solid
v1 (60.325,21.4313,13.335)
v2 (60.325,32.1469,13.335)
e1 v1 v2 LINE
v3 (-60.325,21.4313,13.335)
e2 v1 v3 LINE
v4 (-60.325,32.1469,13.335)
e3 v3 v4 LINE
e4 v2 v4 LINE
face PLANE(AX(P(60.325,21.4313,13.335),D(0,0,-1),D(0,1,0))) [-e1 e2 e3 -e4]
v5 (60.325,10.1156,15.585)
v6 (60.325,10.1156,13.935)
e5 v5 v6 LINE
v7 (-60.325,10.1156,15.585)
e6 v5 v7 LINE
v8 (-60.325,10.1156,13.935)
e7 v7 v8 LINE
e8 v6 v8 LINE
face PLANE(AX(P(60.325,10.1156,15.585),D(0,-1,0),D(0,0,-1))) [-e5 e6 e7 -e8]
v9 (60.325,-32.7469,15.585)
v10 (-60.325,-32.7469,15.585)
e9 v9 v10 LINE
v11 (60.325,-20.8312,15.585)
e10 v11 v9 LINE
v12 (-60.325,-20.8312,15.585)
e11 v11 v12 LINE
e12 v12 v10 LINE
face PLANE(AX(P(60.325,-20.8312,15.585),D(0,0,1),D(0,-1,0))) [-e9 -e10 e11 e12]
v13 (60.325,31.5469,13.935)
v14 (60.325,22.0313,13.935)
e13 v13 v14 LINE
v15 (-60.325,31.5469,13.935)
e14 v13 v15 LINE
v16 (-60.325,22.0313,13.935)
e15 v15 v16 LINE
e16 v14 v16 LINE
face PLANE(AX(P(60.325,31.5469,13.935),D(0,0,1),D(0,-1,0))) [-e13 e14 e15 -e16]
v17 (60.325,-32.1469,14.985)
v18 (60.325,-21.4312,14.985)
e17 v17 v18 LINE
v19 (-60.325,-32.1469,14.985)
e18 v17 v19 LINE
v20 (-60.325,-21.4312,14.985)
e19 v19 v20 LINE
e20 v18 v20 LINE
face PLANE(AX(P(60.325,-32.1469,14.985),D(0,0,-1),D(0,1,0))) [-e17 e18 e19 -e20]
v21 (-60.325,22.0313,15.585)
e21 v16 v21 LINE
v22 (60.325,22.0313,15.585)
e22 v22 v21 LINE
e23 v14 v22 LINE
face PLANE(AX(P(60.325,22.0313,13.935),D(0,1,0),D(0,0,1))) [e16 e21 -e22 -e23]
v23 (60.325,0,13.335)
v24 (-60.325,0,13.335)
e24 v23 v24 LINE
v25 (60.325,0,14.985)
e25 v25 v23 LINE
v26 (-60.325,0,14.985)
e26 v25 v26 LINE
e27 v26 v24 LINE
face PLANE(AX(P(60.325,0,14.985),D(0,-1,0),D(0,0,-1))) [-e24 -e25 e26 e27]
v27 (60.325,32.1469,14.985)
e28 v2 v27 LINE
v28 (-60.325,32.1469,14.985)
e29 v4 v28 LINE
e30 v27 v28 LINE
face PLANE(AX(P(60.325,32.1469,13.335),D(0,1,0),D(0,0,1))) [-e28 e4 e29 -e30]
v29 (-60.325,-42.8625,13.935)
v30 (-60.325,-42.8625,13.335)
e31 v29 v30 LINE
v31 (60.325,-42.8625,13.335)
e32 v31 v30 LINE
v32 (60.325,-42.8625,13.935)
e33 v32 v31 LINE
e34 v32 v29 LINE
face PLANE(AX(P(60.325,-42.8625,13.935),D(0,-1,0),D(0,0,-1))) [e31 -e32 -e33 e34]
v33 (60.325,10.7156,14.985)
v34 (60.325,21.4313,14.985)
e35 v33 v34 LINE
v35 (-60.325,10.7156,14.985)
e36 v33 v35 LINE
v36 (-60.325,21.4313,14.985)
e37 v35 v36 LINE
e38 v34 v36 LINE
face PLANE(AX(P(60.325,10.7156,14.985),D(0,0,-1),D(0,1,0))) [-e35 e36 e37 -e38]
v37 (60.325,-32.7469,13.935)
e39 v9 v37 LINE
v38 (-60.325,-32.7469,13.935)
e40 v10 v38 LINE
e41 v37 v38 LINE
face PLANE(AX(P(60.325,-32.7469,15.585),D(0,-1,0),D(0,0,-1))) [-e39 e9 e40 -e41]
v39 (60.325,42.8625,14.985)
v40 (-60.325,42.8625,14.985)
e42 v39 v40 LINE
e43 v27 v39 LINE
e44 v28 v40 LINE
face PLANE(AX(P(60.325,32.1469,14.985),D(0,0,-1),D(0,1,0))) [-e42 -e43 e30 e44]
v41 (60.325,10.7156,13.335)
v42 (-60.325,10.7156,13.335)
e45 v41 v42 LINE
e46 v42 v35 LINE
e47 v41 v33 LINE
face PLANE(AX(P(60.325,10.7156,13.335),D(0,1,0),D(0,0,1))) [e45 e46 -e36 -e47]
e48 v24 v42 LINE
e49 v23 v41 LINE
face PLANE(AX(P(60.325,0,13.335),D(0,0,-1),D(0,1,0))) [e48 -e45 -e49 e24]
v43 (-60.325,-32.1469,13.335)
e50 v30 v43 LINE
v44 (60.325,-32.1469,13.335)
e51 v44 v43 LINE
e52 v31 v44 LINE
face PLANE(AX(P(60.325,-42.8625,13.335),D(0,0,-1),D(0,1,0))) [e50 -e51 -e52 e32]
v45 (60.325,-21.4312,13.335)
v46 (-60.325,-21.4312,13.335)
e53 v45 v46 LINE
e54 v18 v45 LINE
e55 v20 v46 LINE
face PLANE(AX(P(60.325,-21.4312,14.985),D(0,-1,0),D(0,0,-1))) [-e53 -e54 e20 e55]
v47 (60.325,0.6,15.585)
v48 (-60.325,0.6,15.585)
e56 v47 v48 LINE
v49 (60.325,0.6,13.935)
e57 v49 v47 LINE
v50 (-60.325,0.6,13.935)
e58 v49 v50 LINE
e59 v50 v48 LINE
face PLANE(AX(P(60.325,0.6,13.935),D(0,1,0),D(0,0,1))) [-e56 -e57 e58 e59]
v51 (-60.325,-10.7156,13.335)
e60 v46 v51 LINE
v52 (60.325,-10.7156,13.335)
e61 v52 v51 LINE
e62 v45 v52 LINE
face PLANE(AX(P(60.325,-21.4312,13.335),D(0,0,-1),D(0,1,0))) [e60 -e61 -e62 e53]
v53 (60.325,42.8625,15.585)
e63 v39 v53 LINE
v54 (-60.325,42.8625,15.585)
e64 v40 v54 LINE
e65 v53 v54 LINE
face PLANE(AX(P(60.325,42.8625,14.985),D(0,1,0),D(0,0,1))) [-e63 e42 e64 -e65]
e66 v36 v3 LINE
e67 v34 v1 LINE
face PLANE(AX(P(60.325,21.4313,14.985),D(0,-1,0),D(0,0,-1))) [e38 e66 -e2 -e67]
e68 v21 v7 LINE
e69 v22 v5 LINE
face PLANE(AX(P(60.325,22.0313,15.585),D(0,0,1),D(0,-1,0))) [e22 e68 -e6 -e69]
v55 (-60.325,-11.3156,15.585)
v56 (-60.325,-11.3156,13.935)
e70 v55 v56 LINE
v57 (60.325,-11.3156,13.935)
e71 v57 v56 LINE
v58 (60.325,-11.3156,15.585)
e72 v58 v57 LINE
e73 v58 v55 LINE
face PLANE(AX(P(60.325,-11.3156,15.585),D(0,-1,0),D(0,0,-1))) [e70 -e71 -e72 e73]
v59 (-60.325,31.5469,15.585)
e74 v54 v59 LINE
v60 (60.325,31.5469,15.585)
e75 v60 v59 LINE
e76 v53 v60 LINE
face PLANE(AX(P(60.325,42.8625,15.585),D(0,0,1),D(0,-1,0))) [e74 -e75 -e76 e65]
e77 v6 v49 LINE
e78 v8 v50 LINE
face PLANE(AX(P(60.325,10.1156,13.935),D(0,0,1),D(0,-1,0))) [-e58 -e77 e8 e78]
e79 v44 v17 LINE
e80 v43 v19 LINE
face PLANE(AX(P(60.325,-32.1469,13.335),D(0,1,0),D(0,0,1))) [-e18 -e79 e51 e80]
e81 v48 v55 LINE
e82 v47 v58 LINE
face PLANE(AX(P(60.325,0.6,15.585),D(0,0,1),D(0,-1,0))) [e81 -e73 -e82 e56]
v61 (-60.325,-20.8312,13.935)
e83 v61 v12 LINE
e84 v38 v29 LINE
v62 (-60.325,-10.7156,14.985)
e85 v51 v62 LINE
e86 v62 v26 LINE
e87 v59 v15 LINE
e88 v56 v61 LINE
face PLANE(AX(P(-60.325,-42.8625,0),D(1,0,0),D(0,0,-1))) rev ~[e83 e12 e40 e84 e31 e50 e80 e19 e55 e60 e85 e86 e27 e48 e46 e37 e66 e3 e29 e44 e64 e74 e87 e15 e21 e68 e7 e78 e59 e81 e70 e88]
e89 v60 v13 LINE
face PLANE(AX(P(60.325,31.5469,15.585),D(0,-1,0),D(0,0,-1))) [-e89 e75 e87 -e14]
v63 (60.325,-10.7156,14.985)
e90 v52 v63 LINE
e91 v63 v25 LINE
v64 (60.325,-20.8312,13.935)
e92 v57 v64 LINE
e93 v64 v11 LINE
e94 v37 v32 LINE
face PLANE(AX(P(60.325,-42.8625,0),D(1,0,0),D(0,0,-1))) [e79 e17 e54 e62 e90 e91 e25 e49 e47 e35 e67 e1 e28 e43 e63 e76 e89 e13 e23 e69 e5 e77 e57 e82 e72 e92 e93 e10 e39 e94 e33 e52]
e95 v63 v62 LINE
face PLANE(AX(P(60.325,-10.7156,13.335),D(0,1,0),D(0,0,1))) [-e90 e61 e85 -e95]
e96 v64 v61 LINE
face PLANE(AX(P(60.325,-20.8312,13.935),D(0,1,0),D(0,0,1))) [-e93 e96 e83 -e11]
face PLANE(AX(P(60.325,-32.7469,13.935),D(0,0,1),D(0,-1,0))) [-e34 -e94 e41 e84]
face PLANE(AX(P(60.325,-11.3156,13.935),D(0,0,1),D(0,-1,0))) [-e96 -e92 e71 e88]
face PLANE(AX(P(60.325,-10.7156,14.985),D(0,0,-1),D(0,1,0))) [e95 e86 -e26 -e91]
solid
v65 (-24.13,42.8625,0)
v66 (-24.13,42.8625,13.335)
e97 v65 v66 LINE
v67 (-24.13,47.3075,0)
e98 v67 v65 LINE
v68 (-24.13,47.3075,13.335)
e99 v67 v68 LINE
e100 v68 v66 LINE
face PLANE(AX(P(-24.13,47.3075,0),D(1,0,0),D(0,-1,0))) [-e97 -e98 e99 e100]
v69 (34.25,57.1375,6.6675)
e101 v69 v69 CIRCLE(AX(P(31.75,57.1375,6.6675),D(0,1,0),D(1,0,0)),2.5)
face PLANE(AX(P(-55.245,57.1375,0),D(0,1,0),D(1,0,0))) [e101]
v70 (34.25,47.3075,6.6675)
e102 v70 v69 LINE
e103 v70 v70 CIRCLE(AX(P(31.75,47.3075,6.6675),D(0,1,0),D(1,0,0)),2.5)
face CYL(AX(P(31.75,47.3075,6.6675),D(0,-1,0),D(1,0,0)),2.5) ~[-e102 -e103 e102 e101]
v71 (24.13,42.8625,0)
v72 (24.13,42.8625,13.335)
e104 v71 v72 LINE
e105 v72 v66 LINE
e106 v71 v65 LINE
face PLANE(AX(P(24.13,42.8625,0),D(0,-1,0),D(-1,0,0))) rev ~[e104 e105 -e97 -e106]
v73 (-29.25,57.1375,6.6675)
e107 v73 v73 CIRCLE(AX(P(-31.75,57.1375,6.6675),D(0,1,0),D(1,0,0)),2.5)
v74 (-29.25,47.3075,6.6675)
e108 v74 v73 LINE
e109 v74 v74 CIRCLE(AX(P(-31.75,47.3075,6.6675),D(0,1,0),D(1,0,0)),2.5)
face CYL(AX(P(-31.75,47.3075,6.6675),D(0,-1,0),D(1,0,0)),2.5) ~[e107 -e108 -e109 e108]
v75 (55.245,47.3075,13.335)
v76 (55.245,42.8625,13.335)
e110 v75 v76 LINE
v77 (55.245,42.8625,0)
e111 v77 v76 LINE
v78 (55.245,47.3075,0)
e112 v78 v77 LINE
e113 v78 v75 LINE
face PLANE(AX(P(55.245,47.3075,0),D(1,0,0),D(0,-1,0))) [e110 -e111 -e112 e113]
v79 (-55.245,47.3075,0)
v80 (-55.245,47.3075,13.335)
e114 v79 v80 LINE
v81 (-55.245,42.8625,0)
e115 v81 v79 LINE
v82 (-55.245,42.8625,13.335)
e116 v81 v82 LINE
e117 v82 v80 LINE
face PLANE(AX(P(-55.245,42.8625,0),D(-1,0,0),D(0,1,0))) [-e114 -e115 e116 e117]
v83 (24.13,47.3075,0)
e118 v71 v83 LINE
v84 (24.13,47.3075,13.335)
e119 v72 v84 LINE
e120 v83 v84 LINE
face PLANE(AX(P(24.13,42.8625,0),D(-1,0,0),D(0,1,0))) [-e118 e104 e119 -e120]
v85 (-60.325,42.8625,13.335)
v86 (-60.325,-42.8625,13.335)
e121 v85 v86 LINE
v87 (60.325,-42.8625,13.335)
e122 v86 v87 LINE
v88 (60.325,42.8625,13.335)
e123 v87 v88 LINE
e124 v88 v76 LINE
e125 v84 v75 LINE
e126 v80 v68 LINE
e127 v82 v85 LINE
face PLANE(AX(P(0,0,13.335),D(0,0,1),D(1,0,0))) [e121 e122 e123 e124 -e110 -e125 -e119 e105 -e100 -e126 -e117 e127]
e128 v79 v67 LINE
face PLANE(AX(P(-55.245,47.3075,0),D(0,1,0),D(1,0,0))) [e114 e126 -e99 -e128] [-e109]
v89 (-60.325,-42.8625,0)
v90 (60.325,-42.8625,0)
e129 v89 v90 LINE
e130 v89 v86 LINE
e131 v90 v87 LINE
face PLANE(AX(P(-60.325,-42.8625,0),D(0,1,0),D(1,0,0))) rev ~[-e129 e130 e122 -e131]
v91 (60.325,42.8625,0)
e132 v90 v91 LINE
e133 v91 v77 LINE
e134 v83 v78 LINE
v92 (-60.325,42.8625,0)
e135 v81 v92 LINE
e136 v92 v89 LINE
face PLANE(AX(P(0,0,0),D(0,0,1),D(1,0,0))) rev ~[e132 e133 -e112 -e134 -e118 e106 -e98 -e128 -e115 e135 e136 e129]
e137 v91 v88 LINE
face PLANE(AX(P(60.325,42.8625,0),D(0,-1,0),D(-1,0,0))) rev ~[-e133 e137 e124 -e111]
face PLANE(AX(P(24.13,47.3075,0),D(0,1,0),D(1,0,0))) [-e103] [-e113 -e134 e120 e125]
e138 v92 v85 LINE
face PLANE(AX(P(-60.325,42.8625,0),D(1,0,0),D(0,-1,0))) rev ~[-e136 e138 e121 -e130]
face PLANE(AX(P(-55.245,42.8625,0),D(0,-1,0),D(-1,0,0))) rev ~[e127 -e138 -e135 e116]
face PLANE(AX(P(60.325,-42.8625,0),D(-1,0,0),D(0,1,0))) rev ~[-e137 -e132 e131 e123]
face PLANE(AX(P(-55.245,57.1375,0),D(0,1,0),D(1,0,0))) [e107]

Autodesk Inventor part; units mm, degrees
ref_plane "YZ Plane" through (0, 0, 0) normal (1, 0, 0) x (0, 1, 0)
ref_plane "XZ Plane" through (0, 0, 0) normal (0, 1, 0) x (-1, 0, 0)
sketch "Sketch1" plane through (0, 0, 0) normal (0, 0, 1) x (1, 0, 0)
  line L0 (-60.325, -42.8625) -> (60.325, -42.8625)
  line L1 (60.325, -42.8625) -> (60.325, 42.8625)
  line L2 (60.325, 42.8625) -> (-60.325, 42.8625)
  line L3 (-60.325, 42.8625) -> (-60.325, -42.8625)
  line L4 (-60.325, -42.8625) -> (60.325, 42.8625) construction
  line L5 (60.325, -42.8625) -> (-60.325, 42.8625) construction
  line L6 (-55.245, 42.8625) -> (-55.245, 47.3075)
  line L7 (-55.245, 47.3075) -> (-24.13, 47.3075)
  line L8 (-24.13, 47.3075) -> (-24.13, 42.8625)
  line L9 (24.13, 42.8625) -> (24.13, 47.3075)
  line L10 (24.13, 47.3075) -> (55.245, 47.3075)
  line L11 (55.245, 47.3075) -> (55.245, 42.8625)
  point P0 (0, 0)
  dimension "d0" = 120.65
  dimension "d1" = 85.725
  dimension "d2" = 4.445
  dimension "d3" = 5.08
  dimension "d4" = 5.08
  dimension "d5" = 31.115
extrude "Extrusion1" add sketch "Sketch1" along normal blind 13.335
ref_plane "Work Plane1" through (-60.325, 57.1375, 0) normal (0, -1, 0) x (1, 0, 0)
sketch "Sketch2" plane through (-55.245, 47.3075, 0) normal (0, 1, 0) x (1, 0, 0)
  line L0 (31.115, 0) -> (31.115, -13.335) construction
  line L1 (79.375, 0) -> (79.375, -13.335) construction
  line L2 (31.115, -6.6675) -> (23.495, -6.6675) construction
  line L3 (79.375, -6.6675) -> (86.995, -6.6675) construction
  circle A0 centre (23.495, -6.6675) radius 2.5
  circle A1 centre (86.995, -6.6675) radius 2.5
  point P0 (55.245, 0)
  dimension "d8" = 63.5
  dimension "d9" = 5
extrude "Extrusion2" add sketch "Sketch2" along normal up to surface (9.83 mm away)
sketch "Sketch3" plane through (60.325, -42.8625, 0) normal (1, 0, 0) x (0, 0, -1)
  line L0 (0, 0) -> (-13.335, 0) construction
  line L1 (-13.335, 0) -> (-13.335, 10.7156)
  line L2 (-13.335, 10.7156) -> (-14.985, 10.7156)
  line L3 (-14.985, 10.7156) -> (-14.985, 21.4313)
  line L4 (-14.985, 21.4313) -> (-13.335, 21.4313)
  line L5 (-13.335, 21.4313) -> (-13.335, 32.1469)
  line L6 (-13.335, 32.1469) -> (-14.985, 32.1469)
  line L7 (-14.985, 32.1469) -> (-14.985, 42.8625)
  line L8 (-14.985, 42.8625) -> (-13.335, 42.8625)
  line L9 (-13.335, 42.8625) -> (-13.335, 53.5781)
  line L10 (-13.335, 53.5781) -> (-14.985, 53.5781)
  line L11 (-14.985, 53.5781) -> (-14.985, 64.2938)
  line L12 (-14.985, 64.2938) -> (-13.335, 64.2938)
  line L13 (-13.335, 64.2938) -> (-13.335, 75.0094)
  line L14 (-13.335, 75.0094) -> (-14.985, 75.0094)
  line L15 (-14.985, 75.0094) -> (-14.985, 85.725)
  line L16 (-15.585, 85.725) -> (-15.585, 74.4094)
  line L17 (-15.585, 74.4094) -> (-13.935, 74.4094)
  line L18 (-13.935, 74.4094) -> (-13.935, 64.8938)
  line L19 (-13.935, 64.8938) -> (-15.585, 64.8938)
  line L20 (-15.585, 64.8938) -> (-15.585, 52.9781)
  line L21 (-15.585, 52.9781) -> (-13.935, 52.9781)
  line L22 (-13.935, 52.9781) -> (-13.935, 43.4625)
  line L23 (-13.935, 43.4625) -> (-15.585, 43.4625)
  line L24 (-15.585, 43.4625) -> (-15.585, 31.5469)
  line L25 (-15.585, 31.5469) -> (-13.935, 31.5469)
  line L26 (-13.935, 31.5469) -> (-13.935, 22.0313)
  line L27 (-13.935, 22.0313) -> (-15.585, 22.0313)
  line L28 (-15.585, 22.0313) -> (-15.585, 10.1156)
  line L29 (-15.585, 10.1156) -> (-13.935, 10.1156)
  line L30 (-13.935, 10.1156) -> (-13.935, 0)
  line L31 (0, 85.725) -> (-13.335, 85.725) construction
  line L32 (-13.335, 85.725) -> (-14.985, 85.725) construction
  line L33 (-13.935, 0) -> (-13.335, 0)
  line L34 (-14.985, 85.725) -> (-15.585, 85.725)
  point P0 (0, 42.8625)
  dimension "d14" = 2.25
  dimension "d15" = 0.6
extrude "Extrusion3" add sketch "Sketch3" against normal up to surface (120.65 mm away) separate body
thread "Thread1" size "M5x0.8" class "6g" standard "ANSI Metric M Profile" full length
thread "Thread2" size "M5x0.8" class "6g" standard "ANSI Metric M Profile" full length
properties part number "Cell"
